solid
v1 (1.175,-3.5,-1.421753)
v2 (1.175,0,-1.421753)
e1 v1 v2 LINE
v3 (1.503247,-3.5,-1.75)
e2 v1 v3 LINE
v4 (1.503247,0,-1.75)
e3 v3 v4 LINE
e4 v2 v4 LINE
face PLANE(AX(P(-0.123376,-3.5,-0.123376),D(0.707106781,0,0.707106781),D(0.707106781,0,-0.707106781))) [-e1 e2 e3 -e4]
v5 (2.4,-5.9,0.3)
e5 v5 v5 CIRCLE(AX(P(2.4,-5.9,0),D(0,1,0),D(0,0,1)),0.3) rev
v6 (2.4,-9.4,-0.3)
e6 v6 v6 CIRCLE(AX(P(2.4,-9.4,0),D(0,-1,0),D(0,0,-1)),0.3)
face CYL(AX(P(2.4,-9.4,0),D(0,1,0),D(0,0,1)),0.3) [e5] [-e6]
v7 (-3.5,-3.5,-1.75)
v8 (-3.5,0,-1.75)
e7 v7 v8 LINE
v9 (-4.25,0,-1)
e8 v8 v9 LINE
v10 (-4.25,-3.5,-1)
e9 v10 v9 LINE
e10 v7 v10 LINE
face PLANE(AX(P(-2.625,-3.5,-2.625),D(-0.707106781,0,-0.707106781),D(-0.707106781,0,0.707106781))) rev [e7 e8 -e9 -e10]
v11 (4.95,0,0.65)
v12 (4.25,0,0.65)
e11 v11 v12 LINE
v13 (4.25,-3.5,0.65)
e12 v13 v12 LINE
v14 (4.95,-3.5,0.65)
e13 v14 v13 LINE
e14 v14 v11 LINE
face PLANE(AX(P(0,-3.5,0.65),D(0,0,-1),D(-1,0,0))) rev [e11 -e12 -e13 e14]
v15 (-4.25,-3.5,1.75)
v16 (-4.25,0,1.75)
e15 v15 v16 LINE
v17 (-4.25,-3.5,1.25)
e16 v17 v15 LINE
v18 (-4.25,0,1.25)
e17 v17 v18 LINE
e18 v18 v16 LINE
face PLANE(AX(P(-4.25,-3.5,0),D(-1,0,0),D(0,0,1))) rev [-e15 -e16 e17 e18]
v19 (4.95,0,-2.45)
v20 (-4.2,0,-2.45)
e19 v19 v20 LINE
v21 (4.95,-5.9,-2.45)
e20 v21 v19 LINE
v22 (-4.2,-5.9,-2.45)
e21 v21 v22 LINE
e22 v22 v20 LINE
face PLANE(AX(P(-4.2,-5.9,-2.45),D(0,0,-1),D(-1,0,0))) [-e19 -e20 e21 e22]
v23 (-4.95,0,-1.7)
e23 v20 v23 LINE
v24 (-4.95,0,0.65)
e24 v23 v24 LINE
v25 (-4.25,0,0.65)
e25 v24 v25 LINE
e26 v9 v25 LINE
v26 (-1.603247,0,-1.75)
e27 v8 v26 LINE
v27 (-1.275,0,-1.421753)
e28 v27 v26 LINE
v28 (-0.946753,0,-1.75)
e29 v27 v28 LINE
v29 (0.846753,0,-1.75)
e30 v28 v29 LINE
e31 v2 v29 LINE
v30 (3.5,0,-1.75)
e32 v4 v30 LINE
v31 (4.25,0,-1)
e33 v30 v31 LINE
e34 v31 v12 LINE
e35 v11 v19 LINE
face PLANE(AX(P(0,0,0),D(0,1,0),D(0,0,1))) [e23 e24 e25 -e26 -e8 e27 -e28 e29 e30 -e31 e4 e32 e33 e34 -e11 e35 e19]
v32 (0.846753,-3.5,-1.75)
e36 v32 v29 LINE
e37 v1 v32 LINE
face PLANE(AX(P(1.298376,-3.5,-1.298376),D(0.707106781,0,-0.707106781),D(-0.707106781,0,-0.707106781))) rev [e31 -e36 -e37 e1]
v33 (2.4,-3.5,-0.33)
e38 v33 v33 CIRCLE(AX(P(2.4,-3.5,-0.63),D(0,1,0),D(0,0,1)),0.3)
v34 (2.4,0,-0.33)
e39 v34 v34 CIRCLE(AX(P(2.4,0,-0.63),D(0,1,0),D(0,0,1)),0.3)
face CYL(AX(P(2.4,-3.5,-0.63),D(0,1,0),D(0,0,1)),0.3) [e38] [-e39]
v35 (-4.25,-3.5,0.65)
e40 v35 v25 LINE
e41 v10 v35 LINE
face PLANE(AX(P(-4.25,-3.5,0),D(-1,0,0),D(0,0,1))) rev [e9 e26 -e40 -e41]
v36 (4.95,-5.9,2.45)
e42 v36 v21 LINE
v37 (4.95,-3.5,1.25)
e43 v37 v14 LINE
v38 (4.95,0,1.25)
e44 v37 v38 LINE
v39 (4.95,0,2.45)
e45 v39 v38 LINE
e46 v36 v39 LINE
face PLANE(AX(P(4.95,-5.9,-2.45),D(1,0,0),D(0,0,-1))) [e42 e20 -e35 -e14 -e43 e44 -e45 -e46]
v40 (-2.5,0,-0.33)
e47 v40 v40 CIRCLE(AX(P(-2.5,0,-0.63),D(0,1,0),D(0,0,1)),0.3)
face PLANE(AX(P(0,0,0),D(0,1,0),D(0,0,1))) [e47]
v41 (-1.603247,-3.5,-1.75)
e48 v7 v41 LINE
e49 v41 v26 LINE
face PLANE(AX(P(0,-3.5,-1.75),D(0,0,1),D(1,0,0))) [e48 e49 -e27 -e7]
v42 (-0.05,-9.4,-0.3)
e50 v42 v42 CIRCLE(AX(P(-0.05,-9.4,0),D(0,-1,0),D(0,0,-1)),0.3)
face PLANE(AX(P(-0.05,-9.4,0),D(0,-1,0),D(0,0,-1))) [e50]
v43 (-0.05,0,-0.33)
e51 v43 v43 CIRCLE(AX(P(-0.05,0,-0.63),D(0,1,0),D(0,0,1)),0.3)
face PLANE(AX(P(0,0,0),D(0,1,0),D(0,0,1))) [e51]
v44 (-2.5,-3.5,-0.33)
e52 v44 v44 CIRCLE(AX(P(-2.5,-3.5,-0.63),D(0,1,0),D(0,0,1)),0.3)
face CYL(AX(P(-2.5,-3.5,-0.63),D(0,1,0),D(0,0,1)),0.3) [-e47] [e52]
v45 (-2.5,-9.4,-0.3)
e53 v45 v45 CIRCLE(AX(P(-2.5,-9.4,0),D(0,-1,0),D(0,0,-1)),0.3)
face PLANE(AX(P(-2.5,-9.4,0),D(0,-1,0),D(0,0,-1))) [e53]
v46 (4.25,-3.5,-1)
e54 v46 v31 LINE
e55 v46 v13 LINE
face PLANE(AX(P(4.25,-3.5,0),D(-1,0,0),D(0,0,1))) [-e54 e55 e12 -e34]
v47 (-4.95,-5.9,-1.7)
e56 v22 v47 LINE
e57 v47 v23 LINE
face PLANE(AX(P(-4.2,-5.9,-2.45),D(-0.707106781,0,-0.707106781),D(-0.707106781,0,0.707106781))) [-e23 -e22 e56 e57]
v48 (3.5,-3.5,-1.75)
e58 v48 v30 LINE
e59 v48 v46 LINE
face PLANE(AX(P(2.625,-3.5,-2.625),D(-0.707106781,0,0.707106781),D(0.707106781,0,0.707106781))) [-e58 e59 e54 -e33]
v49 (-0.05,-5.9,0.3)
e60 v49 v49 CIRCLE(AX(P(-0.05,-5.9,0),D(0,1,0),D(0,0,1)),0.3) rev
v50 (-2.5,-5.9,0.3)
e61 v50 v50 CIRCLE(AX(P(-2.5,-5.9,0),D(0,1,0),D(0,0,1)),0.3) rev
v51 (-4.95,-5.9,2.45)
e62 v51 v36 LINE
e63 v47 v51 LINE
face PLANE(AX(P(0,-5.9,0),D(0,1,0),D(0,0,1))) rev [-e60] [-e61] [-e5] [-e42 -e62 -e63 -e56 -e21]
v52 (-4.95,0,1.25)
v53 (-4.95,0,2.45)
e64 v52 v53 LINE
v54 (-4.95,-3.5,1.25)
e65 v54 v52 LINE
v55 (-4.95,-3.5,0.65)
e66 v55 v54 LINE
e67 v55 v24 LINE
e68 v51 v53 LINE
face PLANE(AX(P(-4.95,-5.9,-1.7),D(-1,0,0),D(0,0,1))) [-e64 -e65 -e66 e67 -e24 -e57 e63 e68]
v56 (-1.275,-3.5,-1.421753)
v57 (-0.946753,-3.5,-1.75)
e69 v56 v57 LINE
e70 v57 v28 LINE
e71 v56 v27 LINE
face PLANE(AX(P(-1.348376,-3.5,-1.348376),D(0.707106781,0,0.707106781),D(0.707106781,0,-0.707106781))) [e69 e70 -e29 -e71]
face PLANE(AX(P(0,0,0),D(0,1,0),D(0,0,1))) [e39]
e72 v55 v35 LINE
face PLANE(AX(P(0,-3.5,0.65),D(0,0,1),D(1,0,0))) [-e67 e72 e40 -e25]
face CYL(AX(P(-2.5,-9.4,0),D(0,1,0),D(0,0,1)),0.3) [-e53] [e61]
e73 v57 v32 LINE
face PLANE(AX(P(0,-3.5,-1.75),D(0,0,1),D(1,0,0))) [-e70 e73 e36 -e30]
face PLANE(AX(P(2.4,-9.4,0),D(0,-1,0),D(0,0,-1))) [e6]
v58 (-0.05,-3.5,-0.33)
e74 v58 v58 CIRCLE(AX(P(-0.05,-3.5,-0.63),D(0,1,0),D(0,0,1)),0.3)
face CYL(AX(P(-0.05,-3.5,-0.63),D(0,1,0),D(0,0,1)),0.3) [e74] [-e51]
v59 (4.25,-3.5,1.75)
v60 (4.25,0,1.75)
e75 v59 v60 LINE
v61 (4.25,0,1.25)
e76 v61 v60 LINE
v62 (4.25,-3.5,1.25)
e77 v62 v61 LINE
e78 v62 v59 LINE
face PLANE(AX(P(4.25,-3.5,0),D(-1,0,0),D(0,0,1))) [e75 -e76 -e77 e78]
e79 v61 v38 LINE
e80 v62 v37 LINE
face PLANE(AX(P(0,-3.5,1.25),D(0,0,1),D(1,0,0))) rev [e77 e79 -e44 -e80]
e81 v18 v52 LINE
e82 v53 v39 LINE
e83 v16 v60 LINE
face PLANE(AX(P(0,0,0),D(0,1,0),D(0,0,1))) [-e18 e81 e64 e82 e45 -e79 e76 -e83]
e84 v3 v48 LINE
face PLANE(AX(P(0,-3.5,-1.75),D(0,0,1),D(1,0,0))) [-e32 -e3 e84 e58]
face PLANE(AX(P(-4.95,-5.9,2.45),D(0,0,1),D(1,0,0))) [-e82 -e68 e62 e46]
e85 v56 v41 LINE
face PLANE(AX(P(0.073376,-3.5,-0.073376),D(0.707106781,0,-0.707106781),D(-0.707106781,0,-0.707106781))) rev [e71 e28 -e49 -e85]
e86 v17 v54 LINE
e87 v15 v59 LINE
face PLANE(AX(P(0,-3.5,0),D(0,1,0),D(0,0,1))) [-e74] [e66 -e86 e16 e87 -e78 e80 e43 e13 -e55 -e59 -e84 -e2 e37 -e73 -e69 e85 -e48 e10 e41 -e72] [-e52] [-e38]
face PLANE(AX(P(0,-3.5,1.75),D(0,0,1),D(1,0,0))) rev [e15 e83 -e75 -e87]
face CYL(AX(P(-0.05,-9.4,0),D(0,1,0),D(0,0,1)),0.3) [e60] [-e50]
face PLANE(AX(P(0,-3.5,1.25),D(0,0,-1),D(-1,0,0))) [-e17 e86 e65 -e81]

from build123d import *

# Parameters (mm, degrees)
BOSS_EXTRUDE1_DEPTH = 5.9
SKETCH2_R           = 0.3
BOSS_EXTRUDE2_DEPTH = 3.5
SKETCH3_R           = 0.3
CUT_EXTRUDE1_DEPTH  = 3.5


with BuildPart() as part:
    # Sketch1 → Boss-Extrude1 (new body)
    with BuildSketch(Plane(origin=(0, 0, 0), x_dir=(1, 0, 0), z_dir=(0, 1, 0))):
        Polygon((-4.2, 2.45), (-4.95, 1.7), (-4.95, -2.45), (4.95, -2.45), (4.95, 2.45), align=None)
    extrude(amount=-BOSS_EXTRUDE1_DEPTH)

    # Sketch2 → Boss-Extrude2 (add)
    with BuildSketch(Plane.XZ.offset(5.9)):
        with Locations((-2.5, 0)):
            Circle(SKETCH2_R)
        with Locations((-0.05, 0)):
            Circle(SKETCH2_R)
        with Locations((2.4, 0)):
            Circle(SKETCH2_R)
    extrude(amount=BOSS_EXTRUDE2_DEPTH)

    # Sketch3 → Cut-Extrude1 (cut)
    with BuildSketch(Plane(origin=(0, 0, 0), x_dir=(1, 0, 0), z_dir=(0, 1, 0))):
        Polygon((-1.603247496, 1.75), (-3.5, 1.75), (-4.25, 1), (-4.25, -0.65), (-4.95, -0.65), (-4.95, -1.25), (-4.25, -1.25), (-4.25, -1.75), (4.25, -1.75), (4.25, -1.25), (4.95, -1.25), (4.95, -0.65), (4.25, -0.65), (4.25, 1), (3.5, 1.75), (1.503247496, 1.75), (1.175, 1.421752504), (0.846752504, 1.75), (-0.946752504, 1.75), (-1.275, 1.421752504), align=None)
        with Locations((-2.5, 0.63)):
            Circle(SKETCH3_R, mode=Mode.SUBTRACT)
        with Locations((-0.05, 0.63)):
            Circle(SKETCH3_R, mode=Mode.SUBTRACT)
        with Locations((2.4, 0.63)):
            Circle(SKETCH3_R, mode=Mode.SUBTRACT)
    extrude(amount=-CUT_EXTRUDE1_DEPTH, mode=Mode.SUBTRACT)


solid = part.part
